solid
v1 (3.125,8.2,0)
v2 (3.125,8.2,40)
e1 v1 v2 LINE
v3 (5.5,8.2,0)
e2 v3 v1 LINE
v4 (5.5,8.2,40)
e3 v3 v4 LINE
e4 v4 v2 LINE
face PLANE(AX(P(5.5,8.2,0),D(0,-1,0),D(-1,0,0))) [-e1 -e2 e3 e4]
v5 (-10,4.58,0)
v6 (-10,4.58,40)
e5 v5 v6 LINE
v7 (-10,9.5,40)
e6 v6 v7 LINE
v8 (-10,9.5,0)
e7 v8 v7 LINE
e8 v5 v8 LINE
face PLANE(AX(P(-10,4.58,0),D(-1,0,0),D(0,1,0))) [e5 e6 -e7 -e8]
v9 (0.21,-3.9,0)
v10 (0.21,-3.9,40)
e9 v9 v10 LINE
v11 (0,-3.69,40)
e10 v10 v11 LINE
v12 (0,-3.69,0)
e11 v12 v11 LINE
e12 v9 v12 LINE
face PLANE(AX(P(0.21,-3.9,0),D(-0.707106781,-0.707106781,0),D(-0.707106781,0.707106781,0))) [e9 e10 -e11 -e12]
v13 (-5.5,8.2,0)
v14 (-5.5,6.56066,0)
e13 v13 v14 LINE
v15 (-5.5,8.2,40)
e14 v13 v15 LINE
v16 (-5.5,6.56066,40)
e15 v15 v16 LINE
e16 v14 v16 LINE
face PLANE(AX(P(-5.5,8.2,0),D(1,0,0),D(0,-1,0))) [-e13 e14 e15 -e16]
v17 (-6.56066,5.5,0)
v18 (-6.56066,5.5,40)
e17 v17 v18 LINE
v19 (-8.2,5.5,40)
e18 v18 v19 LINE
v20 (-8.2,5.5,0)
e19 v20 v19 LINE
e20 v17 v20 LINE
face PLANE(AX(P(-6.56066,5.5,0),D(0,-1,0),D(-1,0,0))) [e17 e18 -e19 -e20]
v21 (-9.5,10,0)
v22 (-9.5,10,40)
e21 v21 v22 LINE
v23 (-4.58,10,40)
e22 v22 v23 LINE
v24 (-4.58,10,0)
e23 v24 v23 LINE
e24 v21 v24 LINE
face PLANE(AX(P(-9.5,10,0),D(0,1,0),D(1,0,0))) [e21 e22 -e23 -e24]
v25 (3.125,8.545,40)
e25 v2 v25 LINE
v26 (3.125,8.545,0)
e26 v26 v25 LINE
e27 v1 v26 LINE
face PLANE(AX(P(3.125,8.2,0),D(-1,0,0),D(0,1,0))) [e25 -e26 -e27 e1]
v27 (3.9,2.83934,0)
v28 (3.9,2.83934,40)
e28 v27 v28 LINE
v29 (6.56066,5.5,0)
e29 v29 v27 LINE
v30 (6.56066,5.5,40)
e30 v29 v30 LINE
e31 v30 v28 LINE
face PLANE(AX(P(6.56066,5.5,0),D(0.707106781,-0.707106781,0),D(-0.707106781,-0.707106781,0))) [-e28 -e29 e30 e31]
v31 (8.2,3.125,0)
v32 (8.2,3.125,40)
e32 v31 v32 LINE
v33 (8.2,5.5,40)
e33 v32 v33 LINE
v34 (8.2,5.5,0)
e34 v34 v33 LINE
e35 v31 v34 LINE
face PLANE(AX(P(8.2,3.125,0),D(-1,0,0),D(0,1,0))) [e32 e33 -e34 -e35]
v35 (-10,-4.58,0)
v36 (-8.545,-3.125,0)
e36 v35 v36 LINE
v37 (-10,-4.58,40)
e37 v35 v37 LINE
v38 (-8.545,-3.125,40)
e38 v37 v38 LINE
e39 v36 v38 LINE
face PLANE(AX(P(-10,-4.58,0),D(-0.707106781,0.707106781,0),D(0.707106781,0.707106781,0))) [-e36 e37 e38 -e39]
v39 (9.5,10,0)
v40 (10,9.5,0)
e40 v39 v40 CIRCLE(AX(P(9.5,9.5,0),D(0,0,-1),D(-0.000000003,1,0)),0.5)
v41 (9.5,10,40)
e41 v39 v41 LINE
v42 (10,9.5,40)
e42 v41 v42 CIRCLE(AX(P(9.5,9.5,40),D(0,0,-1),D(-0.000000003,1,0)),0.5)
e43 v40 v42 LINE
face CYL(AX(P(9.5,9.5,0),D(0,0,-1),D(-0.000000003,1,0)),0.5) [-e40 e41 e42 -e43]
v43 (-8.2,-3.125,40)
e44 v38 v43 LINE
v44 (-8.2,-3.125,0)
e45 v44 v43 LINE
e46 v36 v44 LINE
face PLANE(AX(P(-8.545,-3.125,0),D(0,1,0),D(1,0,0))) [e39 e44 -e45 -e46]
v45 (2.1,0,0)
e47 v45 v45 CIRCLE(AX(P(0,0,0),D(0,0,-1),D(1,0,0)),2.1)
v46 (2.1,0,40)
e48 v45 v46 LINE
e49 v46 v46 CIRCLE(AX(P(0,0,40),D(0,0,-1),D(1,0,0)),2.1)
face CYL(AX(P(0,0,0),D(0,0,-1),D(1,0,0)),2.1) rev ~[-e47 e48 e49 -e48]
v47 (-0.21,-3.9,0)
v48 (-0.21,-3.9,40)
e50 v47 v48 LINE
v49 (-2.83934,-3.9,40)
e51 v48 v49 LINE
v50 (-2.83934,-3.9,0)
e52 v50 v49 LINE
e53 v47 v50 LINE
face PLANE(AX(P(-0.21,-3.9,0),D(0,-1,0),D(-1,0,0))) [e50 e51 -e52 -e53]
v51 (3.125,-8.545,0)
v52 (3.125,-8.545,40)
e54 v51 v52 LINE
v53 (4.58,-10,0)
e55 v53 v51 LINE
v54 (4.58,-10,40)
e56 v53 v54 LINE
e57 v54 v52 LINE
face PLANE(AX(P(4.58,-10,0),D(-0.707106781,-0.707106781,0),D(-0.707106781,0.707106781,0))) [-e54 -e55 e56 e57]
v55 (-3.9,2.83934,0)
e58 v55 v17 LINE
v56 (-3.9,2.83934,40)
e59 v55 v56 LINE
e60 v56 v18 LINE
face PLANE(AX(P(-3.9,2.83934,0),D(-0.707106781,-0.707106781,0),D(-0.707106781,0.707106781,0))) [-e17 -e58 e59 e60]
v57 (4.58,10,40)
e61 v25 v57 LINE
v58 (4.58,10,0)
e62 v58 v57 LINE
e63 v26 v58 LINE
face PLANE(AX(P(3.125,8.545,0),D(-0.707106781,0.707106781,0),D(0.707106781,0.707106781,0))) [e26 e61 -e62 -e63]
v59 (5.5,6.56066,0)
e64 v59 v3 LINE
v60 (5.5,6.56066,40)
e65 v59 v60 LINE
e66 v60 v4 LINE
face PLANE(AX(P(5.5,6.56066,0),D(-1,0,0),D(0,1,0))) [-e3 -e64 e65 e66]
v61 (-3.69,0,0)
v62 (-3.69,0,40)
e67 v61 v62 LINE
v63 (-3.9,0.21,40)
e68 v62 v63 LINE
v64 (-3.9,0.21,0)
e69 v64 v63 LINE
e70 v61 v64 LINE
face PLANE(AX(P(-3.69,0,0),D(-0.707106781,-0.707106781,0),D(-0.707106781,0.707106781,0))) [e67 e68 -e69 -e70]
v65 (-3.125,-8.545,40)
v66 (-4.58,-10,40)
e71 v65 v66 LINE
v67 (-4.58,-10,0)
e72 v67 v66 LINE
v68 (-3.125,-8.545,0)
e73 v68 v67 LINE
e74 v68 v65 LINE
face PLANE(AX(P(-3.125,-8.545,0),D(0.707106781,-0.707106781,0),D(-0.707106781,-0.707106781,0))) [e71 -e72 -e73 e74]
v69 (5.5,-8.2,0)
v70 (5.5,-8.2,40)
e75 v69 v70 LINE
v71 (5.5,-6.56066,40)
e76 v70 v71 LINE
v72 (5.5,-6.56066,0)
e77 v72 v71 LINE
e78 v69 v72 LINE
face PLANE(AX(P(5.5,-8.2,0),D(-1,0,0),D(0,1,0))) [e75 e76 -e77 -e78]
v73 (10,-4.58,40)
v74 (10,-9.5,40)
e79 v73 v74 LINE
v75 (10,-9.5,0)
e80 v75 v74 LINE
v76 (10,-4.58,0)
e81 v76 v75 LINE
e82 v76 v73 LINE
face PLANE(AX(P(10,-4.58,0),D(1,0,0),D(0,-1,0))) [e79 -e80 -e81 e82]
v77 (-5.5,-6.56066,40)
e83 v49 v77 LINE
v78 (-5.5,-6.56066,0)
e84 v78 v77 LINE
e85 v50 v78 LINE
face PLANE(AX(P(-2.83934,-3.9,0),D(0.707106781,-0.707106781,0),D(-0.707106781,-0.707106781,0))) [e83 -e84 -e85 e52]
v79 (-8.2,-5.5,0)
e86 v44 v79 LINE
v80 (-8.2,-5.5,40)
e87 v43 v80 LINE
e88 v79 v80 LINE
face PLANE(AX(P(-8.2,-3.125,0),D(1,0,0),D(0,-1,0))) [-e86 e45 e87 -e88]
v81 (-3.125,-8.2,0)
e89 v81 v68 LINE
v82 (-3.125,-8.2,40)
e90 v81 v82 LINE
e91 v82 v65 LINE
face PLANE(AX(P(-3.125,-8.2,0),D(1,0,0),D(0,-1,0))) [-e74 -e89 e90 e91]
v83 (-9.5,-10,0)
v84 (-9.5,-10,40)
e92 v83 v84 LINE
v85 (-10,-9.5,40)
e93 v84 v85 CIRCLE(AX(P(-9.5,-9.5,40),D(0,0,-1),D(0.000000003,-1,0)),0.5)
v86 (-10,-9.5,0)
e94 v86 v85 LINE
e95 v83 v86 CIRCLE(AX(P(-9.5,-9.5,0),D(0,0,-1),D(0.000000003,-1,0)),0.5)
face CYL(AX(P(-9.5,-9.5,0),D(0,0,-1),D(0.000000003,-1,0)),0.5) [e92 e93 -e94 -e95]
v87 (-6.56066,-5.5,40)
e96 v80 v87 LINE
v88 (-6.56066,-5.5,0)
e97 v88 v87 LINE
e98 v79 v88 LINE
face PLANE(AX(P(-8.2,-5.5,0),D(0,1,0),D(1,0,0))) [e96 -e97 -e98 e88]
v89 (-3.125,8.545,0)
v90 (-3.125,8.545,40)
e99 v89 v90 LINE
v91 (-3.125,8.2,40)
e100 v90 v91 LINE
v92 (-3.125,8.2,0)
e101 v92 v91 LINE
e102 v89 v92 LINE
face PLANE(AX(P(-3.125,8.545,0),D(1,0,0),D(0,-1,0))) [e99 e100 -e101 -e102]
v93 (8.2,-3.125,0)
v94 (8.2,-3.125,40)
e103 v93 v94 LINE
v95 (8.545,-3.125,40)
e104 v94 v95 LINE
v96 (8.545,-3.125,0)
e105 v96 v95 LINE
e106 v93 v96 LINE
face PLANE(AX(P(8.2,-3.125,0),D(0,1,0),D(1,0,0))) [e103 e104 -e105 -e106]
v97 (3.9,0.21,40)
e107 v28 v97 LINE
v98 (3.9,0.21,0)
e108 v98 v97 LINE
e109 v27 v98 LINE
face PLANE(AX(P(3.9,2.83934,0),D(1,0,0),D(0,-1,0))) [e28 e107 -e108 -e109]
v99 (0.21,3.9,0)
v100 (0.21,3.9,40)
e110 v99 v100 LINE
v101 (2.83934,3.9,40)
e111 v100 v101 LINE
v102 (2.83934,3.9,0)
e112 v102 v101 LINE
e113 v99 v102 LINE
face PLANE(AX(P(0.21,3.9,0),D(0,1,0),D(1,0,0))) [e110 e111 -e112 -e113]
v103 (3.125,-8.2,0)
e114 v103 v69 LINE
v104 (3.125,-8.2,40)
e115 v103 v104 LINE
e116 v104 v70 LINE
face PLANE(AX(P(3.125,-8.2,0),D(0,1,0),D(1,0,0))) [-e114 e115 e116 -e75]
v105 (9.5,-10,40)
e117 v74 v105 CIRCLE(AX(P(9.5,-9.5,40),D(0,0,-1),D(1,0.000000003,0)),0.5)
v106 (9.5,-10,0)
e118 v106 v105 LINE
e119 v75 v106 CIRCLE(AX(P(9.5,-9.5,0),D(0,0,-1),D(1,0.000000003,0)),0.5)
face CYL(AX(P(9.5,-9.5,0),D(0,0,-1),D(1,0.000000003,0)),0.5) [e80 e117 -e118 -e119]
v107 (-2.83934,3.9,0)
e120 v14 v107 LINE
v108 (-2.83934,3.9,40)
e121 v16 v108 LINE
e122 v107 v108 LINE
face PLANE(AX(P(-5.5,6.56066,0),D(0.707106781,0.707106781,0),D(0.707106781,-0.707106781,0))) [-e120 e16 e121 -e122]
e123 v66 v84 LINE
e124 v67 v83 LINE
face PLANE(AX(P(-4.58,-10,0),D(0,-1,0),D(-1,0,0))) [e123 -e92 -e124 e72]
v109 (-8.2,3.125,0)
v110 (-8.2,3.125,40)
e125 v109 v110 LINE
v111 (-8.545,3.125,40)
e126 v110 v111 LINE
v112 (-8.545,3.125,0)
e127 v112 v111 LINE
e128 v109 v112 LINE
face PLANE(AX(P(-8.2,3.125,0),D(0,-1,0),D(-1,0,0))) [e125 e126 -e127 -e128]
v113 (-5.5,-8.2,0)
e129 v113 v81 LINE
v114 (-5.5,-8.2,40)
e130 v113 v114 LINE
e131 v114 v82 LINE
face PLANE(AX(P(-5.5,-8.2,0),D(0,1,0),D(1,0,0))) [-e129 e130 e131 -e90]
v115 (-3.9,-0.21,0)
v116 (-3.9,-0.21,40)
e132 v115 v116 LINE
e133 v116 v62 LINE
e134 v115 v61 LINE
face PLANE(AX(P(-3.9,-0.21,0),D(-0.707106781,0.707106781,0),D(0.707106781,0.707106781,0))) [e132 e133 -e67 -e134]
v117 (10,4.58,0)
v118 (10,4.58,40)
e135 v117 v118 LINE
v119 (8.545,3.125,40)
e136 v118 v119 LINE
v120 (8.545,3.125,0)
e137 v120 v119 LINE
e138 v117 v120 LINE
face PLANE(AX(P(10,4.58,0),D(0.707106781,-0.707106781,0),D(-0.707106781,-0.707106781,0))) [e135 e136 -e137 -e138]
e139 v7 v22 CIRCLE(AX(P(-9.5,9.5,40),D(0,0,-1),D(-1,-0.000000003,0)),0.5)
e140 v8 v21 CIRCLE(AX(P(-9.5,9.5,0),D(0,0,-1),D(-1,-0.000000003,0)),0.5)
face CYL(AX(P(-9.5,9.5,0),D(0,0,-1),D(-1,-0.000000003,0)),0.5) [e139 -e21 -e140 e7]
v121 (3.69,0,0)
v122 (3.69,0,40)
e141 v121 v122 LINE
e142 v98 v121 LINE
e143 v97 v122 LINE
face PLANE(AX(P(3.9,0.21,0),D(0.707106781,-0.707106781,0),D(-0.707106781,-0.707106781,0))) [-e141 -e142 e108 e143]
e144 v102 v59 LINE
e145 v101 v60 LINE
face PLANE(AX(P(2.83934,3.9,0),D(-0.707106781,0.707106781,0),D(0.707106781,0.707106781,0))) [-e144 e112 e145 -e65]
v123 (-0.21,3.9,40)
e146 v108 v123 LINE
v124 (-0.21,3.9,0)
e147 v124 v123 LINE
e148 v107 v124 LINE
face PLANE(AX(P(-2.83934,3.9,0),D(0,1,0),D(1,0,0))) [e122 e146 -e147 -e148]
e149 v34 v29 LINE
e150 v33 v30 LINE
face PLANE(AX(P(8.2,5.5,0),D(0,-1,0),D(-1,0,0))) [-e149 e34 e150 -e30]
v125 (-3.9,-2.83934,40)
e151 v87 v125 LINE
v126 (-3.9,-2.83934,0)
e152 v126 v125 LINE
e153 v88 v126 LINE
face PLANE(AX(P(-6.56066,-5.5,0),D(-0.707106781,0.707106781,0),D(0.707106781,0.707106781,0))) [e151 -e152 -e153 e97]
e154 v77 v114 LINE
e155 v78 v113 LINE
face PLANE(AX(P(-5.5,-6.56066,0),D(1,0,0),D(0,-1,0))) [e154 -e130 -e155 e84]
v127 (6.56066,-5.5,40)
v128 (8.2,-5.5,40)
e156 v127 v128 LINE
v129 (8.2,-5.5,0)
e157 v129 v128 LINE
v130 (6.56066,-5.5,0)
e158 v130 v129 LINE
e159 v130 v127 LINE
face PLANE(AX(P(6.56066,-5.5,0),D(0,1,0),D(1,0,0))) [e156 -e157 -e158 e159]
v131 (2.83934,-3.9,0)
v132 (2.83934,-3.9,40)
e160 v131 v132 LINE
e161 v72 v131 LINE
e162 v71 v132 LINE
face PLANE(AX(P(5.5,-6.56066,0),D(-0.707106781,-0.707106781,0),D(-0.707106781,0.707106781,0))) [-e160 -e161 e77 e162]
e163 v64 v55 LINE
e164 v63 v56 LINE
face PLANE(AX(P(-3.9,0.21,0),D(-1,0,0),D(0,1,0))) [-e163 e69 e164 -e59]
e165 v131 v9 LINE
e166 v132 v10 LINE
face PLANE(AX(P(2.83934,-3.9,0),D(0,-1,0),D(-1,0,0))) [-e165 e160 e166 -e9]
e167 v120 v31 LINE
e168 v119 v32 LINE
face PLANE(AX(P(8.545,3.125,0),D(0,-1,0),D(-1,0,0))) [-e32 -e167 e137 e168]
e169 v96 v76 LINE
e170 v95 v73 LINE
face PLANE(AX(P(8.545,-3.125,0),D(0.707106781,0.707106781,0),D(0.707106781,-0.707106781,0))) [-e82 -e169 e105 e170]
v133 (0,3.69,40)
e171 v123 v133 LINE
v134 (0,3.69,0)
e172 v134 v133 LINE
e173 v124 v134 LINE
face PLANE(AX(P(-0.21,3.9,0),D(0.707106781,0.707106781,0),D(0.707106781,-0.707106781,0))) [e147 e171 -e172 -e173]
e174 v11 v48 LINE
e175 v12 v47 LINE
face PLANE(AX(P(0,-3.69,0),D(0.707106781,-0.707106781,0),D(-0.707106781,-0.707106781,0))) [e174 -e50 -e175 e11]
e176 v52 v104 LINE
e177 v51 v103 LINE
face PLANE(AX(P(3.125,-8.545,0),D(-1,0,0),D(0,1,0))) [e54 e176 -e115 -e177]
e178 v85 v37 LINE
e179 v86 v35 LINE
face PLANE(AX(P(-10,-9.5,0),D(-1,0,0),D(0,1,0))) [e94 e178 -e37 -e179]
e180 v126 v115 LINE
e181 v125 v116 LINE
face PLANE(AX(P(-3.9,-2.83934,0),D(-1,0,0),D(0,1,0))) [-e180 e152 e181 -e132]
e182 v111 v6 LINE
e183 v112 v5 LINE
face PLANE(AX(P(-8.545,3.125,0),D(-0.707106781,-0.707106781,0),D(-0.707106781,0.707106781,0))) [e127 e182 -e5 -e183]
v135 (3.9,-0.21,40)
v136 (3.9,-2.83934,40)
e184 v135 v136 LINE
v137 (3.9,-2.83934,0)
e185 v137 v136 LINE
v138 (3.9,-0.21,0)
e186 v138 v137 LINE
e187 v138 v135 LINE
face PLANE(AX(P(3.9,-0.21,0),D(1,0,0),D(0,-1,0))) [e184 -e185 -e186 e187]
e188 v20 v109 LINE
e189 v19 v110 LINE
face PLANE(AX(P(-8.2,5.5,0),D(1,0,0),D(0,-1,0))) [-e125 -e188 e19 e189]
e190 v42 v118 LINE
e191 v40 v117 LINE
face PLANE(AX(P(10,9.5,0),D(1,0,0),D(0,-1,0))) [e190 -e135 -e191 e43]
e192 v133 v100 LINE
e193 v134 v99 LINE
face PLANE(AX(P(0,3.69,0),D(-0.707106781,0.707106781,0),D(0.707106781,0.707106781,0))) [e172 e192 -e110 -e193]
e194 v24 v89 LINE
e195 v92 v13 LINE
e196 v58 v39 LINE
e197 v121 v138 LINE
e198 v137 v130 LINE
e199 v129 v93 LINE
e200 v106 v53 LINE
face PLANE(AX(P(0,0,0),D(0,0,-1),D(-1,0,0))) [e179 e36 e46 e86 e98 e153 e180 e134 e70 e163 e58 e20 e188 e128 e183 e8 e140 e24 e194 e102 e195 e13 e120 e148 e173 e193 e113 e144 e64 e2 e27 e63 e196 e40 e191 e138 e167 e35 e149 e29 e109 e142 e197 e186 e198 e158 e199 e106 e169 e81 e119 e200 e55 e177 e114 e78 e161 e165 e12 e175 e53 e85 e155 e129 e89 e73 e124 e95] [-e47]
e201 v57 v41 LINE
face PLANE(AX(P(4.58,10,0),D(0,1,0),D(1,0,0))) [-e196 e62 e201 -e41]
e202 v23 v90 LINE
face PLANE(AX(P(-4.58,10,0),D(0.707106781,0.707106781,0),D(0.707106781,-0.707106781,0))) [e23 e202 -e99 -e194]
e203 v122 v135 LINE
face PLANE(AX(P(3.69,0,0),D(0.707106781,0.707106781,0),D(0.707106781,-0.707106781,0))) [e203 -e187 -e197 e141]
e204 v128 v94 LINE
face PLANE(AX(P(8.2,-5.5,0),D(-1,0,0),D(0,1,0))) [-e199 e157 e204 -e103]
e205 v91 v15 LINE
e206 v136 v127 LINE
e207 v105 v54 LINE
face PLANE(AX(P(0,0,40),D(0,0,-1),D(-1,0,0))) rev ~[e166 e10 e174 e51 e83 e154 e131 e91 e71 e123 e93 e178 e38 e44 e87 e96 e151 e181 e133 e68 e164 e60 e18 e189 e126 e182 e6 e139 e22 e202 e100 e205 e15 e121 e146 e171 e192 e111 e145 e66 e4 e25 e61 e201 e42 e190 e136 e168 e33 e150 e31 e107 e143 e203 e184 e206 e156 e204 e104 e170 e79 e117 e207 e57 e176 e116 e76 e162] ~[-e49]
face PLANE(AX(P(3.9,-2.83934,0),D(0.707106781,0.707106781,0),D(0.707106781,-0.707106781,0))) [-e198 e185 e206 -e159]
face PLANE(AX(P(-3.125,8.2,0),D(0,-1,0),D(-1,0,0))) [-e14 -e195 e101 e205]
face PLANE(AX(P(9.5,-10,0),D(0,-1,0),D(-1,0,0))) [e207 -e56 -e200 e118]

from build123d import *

# Parameters (mm, degrees)
SKETCH1_R           = 2.1
BOSS_EXTRUDE1_DEPTH = 40


with BuildPart() as part:
    # Sketch1 → Boss-Extrude1 (new body)
    with BuildSketch(Plane(origin=(0, 0, 0), x_dir=(-1, 0, 0), z_dir=(0, 0, -1))):
        with BuildLine():
            Line((-3.9, -0.21), (-3.9, -2.839339828))
            Line((-3.9, -2.839339828), (-6.560660172, -5.5))
            Line((-6.560660172, -5.5), (-8.2, -5.5))
            Line((-8.2, -5.5), (-8.2, -3.125))
            Line((-8.2, -3.125), (-8.545, -3.125))
            Line((-8.545, -3.125), (-10, -4.58))
            Line((-10, -4.58), (-10, -9.5))
            ThreePointArc((-10, -9.5), (-9.853553391, -9.853553391), (-9.5, -10))
            Line((-9.5, -10), (-4.58, -10))
            Line((-4.58, -10), (-3.125, -8.545))
            Line((-3.125, -8.545), (-3.125, -8.2))
            Line((-3.125, -8.2), (-5.5, -8.2))
            Line((-5.5, -8.2), (-5.5, -6.560660172))
            Line((-5.5, -6.560660172), (-2.839339828, -3.9))
            Line((-2.839339828, -3.9), (-0.21, -3.9))
            Line((-0.21, -3.9), (0, -3.69))
            Line((0, -3.69), (0.21, -3.9))
            Line((0.21, -3.9), (2.839339828, -3.9))
            Line((2.839339828, -3.9), (5.5, -6.560660172))
            Line((5.5, -6.560660172), (5.5, -8.2))
            Line((5.5, -8.2), (3.125, -8.2))
            Line((3.125, -8.2), (3.125, -8.545))
            Line((3.125, -8.545), (4.58, -10))
            Line((4.58, -10), (9.5, -10))
            ThreePointArc((9.5, -10), (9.853553391, -9.853553391), (10, -9.5))
            Line((10, -9.5), (10, -4.58))
            Line((10, -4.58), (8.545, -3.125))
            Line((8.545, -3.125), (8.2, -3.125))
            Line((8.2, -3.125), (8.2, -5.5))
            Line((8.2, -5.5), (6.560660172, -5.5))
            Line((6.560660172, -5.5), (3.9, -2.839339828))
            Line((3.9, -2.839339828), (3.9, -0.21))
            Line((3.9, -0.21), (3.69, 0))
            Line((3.69, 0), (3.9, 0.21))
            Line((3.9, 0.21), (3.9, 2.839339828))
            Line((3.9, 2.839339828), (6.560660172, 5.5))
            Line((6.560660172, 5.5), (8.2, 5.5))
            Line((8.2, 5.5), (8.2, 3.125))
            Line((8.2, 3.125), (8.545, 3.125))
            Line((8.545, 3.125), (10, 4.58))
            Line((10, 4.58), (10, 9.5))
            ThreePointArc((10, 9.5), (9.853553391, 9.853553391), (9.5, 10))
            Line((9.5, 10), (4.58, 10))
            Line((4.58, 10), (3.125, 8.545))
            Line((3.125, 8.545), (3.125, 8.2))
            Line((3.125, 8.2), (5.5, 8.2))
            Line((5.5, 8.2), (5.5, 6.560660172))
            Line((5.5, 6.560660172), (2.839339828, 3.9))
            Line((2.839339828, 3.9), (0.21, 3.9))
            Line((0.21, 3.9), (0, 3.69))
            Line((0, 3.69), (-0.21, 3.9))
            Line((-0.21, 3.9), (-2.839339828, 3.9))
            Line((-2.839339828, 3.9), (-5.5, 6.560660172))
            Line((-5.5, 6.560660172), (-5.5, 8.2))
            Line((-5.5, 8.2), (-3.125, 8.2))
            Line((-3.125, 8.2), (-3.125, 8.545))
            Line((-3.125, 8.545), (-4.58, 10))
            Line((-4.58, 10), (-9.5, 10))
            ThreePointArc((-9.5, 10), (-9.853553391, 9.853553391), (-10, 9.5))
            Line((-10, 9.5), (-10, 4.58))
            Line((-10, 4.58), (-8.545, 3.125))
            Line((-8.545, 3.125), (-8.2, 3.125))
            Line((-8.2, 3.125), (-8.2, 5.5))
            Line((-8.2, 5.5), (-6.560660172, 5.5))
            Line((-6.560660172, 5.5), (-3.9, 2.839339828))
            Line((-3.9, 2.839339828), (-3.9, 0.21))
            Line((-3.9, 0.21), (-3.69, 0))
            Line((-3.69, 0), (-3.9, -0.21))
        make_face()
        with Locations(Location((0, 0, 0), (0, 0, 180))):
            Circle(SKETCH1_R, mode=Mode.SUBTRACT)
    extrude(amount=-BOSS_EXTRUDE1_DEPTH)


solid = part.part
